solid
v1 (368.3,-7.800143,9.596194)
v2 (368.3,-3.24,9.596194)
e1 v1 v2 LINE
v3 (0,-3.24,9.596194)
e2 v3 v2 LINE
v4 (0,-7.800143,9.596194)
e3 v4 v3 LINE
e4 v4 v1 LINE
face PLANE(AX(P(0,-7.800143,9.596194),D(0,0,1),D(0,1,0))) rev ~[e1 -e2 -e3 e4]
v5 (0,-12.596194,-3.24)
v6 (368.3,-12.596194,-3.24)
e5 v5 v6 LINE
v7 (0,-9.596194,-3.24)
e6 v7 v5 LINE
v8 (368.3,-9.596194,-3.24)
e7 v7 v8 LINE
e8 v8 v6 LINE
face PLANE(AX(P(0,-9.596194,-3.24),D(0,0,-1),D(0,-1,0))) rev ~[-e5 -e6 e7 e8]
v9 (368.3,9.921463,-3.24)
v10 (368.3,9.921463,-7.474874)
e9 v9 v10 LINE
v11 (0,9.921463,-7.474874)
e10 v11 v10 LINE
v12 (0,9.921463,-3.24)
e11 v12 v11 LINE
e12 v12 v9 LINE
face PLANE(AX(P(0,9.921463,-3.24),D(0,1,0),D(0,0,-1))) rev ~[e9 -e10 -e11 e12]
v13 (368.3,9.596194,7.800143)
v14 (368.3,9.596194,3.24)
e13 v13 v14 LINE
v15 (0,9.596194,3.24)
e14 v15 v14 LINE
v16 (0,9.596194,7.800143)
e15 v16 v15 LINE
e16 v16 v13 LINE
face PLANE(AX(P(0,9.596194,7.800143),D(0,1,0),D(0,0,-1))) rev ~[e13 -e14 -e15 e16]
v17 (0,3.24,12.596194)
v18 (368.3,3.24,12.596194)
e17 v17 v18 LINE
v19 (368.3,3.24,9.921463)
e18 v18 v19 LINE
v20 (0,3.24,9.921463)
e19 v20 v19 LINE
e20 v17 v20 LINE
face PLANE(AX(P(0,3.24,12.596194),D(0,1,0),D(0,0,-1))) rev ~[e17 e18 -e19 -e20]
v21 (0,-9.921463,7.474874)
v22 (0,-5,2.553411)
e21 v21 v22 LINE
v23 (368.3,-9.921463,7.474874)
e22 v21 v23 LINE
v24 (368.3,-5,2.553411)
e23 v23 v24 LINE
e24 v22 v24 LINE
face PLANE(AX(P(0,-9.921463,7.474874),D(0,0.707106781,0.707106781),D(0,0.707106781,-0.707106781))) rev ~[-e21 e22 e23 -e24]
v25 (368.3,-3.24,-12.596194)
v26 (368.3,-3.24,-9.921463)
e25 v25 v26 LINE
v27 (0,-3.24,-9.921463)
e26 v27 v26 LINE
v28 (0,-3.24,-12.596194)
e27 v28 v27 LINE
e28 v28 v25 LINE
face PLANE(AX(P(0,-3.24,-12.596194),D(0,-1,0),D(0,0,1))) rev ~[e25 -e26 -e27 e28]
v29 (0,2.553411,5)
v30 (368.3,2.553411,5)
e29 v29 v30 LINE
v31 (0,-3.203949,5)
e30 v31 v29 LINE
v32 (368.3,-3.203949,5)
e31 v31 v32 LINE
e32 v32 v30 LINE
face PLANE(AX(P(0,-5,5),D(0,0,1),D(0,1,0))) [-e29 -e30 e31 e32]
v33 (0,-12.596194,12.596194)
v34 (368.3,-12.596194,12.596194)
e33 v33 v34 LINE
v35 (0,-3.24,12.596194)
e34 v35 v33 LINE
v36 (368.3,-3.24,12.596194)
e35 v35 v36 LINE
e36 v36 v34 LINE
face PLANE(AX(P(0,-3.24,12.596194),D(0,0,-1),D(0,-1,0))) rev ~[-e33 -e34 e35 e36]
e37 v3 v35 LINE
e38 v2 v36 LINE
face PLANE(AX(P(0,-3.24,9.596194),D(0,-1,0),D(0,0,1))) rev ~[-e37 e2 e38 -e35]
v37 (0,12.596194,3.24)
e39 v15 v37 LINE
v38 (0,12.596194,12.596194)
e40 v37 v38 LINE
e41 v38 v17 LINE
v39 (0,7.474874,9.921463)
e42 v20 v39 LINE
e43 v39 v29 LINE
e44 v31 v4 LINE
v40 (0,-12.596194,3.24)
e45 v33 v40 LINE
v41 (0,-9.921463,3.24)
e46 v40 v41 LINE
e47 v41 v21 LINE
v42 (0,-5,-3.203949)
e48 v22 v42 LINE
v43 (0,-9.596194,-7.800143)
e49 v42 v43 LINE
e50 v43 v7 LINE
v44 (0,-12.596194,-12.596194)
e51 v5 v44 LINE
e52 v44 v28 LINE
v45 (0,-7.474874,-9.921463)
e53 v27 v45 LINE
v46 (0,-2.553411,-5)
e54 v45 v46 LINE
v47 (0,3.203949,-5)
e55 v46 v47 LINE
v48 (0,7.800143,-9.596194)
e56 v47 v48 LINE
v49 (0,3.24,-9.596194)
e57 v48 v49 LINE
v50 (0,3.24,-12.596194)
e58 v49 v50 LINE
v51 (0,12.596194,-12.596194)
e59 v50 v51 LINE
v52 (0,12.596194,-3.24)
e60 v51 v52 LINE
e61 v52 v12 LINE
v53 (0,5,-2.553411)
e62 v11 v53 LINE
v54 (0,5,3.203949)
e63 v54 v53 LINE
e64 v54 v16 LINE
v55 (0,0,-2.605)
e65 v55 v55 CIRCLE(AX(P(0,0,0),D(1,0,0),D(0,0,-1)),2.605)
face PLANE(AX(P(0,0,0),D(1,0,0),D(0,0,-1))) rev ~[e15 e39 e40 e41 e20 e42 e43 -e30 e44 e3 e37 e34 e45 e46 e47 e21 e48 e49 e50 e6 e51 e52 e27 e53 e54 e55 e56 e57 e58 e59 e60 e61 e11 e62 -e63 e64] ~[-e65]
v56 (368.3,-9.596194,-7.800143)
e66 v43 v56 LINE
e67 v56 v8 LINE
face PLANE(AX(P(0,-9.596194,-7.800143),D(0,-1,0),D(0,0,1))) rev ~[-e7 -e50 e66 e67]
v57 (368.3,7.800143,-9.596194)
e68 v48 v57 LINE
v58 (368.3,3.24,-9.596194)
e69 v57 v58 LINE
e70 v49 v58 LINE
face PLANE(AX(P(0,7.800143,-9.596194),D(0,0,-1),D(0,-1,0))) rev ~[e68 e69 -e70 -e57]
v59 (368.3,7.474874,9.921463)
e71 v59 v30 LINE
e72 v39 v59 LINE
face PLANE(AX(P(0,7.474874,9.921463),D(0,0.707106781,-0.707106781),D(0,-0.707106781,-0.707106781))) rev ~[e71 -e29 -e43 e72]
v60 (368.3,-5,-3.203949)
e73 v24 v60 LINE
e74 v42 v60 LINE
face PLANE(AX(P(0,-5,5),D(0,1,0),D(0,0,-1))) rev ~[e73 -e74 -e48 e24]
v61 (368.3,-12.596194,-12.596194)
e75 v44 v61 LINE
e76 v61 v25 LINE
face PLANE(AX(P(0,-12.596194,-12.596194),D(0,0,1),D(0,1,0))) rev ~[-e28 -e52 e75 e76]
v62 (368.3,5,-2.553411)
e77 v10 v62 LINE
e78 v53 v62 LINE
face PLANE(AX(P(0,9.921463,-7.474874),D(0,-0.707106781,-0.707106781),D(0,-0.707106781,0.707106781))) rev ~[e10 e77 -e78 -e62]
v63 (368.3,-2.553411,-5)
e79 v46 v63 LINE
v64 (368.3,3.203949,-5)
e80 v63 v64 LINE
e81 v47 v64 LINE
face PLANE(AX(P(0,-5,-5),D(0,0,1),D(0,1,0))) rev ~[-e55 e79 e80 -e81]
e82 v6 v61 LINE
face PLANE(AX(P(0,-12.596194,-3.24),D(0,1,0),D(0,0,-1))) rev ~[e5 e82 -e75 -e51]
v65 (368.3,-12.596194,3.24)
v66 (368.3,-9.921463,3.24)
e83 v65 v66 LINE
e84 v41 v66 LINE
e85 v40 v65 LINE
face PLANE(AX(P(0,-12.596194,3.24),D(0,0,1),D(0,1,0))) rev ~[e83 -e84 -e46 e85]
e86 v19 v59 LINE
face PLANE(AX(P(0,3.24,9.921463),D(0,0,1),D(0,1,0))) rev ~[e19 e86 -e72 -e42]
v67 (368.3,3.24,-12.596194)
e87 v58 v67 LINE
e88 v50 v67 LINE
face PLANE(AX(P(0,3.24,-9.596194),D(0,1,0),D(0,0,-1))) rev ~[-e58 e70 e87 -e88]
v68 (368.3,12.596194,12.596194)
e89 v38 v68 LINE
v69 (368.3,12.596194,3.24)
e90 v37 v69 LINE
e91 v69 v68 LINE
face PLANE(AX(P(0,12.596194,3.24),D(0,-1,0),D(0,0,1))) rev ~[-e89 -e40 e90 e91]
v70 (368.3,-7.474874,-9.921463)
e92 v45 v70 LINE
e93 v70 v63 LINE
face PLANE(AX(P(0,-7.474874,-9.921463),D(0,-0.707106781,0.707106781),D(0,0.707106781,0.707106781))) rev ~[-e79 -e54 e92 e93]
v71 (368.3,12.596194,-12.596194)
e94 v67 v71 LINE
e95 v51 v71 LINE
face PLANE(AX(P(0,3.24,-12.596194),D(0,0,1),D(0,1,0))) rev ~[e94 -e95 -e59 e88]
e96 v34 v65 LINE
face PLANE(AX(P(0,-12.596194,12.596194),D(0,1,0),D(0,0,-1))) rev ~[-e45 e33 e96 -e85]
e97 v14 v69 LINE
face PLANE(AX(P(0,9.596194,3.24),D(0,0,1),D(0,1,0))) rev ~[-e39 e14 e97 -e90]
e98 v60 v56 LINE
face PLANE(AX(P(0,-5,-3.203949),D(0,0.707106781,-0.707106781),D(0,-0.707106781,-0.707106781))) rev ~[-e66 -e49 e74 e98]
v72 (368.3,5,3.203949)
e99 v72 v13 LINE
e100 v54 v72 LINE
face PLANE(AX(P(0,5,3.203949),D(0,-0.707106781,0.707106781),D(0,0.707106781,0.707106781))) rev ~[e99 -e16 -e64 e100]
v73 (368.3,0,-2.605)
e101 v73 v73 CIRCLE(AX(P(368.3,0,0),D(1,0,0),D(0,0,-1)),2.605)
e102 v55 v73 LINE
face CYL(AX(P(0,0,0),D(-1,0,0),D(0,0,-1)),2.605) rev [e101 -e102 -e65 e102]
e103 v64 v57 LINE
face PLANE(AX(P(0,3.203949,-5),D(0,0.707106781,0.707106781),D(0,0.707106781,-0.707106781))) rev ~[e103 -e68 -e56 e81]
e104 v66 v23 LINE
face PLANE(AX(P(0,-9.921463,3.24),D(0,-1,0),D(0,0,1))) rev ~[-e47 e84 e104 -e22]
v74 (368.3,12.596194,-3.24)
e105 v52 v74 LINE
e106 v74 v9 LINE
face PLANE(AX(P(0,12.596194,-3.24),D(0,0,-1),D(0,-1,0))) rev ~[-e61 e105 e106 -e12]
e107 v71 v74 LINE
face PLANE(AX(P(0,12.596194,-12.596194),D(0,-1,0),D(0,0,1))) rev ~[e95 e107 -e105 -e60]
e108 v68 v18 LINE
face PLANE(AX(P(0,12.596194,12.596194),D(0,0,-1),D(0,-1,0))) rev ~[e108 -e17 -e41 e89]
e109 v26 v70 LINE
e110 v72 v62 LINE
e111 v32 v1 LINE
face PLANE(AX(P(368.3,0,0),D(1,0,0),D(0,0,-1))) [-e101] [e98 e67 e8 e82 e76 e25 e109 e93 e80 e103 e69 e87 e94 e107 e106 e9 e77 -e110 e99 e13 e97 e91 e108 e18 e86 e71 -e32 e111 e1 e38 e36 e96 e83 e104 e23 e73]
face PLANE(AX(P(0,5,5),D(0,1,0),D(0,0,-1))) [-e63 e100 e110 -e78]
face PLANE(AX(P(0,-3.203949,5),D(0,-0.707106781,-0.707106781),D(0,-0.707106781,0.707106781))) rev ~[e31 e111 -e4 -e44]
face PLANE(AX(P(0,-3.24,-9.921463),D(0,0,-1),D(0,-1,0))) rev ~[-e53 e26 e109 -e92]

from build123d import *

# Parameters (mm, degrees)
SKETCH1_R           = 2.605
BOSS_EXTRUDE1_DEPTH = 368.3
CIRPATTERN1_COUNT   = 4


with BuildPart() as part:
    # Sketch1 → Boss-Extrude1 (new body)
    with BuildSketch(Plane(origin=(0, 0, 0), x_dir=(0, 0, -1), z_dir=(1, 0, 0))):
        Polygon((5, -5), (5, 3.203948776), (9.596194078, 7.800142853), (9.596194078, 3.24), (12.596194078, 3.24), (12.596194078, 12.596194078), (3.24, 12.596194078), (3.24, 9.921463197), (7.474873734, 9.921463197), (2.553410537, 5), (-5, 5), (-5, -5), align=None)
        Circle(SKETCH1_R, mode=Mode.SUBTRACT)
    boss_extrude1 = extrude(amount=BOSS_EXTRUDE1_DEPTH)

    # CirPattern1: Boss-Extrude1 ×4 about axis
    cirpattern1_axis = Axis((0, 0, 0), (1, 0, 0))
    for i in range(1, CIRPATTERN1_COUNT):
        add(boss_extrude1.rotate(cirpattern1_axis, i * 360 / CIRPATTERN1_COUNT))


solid = part.part
